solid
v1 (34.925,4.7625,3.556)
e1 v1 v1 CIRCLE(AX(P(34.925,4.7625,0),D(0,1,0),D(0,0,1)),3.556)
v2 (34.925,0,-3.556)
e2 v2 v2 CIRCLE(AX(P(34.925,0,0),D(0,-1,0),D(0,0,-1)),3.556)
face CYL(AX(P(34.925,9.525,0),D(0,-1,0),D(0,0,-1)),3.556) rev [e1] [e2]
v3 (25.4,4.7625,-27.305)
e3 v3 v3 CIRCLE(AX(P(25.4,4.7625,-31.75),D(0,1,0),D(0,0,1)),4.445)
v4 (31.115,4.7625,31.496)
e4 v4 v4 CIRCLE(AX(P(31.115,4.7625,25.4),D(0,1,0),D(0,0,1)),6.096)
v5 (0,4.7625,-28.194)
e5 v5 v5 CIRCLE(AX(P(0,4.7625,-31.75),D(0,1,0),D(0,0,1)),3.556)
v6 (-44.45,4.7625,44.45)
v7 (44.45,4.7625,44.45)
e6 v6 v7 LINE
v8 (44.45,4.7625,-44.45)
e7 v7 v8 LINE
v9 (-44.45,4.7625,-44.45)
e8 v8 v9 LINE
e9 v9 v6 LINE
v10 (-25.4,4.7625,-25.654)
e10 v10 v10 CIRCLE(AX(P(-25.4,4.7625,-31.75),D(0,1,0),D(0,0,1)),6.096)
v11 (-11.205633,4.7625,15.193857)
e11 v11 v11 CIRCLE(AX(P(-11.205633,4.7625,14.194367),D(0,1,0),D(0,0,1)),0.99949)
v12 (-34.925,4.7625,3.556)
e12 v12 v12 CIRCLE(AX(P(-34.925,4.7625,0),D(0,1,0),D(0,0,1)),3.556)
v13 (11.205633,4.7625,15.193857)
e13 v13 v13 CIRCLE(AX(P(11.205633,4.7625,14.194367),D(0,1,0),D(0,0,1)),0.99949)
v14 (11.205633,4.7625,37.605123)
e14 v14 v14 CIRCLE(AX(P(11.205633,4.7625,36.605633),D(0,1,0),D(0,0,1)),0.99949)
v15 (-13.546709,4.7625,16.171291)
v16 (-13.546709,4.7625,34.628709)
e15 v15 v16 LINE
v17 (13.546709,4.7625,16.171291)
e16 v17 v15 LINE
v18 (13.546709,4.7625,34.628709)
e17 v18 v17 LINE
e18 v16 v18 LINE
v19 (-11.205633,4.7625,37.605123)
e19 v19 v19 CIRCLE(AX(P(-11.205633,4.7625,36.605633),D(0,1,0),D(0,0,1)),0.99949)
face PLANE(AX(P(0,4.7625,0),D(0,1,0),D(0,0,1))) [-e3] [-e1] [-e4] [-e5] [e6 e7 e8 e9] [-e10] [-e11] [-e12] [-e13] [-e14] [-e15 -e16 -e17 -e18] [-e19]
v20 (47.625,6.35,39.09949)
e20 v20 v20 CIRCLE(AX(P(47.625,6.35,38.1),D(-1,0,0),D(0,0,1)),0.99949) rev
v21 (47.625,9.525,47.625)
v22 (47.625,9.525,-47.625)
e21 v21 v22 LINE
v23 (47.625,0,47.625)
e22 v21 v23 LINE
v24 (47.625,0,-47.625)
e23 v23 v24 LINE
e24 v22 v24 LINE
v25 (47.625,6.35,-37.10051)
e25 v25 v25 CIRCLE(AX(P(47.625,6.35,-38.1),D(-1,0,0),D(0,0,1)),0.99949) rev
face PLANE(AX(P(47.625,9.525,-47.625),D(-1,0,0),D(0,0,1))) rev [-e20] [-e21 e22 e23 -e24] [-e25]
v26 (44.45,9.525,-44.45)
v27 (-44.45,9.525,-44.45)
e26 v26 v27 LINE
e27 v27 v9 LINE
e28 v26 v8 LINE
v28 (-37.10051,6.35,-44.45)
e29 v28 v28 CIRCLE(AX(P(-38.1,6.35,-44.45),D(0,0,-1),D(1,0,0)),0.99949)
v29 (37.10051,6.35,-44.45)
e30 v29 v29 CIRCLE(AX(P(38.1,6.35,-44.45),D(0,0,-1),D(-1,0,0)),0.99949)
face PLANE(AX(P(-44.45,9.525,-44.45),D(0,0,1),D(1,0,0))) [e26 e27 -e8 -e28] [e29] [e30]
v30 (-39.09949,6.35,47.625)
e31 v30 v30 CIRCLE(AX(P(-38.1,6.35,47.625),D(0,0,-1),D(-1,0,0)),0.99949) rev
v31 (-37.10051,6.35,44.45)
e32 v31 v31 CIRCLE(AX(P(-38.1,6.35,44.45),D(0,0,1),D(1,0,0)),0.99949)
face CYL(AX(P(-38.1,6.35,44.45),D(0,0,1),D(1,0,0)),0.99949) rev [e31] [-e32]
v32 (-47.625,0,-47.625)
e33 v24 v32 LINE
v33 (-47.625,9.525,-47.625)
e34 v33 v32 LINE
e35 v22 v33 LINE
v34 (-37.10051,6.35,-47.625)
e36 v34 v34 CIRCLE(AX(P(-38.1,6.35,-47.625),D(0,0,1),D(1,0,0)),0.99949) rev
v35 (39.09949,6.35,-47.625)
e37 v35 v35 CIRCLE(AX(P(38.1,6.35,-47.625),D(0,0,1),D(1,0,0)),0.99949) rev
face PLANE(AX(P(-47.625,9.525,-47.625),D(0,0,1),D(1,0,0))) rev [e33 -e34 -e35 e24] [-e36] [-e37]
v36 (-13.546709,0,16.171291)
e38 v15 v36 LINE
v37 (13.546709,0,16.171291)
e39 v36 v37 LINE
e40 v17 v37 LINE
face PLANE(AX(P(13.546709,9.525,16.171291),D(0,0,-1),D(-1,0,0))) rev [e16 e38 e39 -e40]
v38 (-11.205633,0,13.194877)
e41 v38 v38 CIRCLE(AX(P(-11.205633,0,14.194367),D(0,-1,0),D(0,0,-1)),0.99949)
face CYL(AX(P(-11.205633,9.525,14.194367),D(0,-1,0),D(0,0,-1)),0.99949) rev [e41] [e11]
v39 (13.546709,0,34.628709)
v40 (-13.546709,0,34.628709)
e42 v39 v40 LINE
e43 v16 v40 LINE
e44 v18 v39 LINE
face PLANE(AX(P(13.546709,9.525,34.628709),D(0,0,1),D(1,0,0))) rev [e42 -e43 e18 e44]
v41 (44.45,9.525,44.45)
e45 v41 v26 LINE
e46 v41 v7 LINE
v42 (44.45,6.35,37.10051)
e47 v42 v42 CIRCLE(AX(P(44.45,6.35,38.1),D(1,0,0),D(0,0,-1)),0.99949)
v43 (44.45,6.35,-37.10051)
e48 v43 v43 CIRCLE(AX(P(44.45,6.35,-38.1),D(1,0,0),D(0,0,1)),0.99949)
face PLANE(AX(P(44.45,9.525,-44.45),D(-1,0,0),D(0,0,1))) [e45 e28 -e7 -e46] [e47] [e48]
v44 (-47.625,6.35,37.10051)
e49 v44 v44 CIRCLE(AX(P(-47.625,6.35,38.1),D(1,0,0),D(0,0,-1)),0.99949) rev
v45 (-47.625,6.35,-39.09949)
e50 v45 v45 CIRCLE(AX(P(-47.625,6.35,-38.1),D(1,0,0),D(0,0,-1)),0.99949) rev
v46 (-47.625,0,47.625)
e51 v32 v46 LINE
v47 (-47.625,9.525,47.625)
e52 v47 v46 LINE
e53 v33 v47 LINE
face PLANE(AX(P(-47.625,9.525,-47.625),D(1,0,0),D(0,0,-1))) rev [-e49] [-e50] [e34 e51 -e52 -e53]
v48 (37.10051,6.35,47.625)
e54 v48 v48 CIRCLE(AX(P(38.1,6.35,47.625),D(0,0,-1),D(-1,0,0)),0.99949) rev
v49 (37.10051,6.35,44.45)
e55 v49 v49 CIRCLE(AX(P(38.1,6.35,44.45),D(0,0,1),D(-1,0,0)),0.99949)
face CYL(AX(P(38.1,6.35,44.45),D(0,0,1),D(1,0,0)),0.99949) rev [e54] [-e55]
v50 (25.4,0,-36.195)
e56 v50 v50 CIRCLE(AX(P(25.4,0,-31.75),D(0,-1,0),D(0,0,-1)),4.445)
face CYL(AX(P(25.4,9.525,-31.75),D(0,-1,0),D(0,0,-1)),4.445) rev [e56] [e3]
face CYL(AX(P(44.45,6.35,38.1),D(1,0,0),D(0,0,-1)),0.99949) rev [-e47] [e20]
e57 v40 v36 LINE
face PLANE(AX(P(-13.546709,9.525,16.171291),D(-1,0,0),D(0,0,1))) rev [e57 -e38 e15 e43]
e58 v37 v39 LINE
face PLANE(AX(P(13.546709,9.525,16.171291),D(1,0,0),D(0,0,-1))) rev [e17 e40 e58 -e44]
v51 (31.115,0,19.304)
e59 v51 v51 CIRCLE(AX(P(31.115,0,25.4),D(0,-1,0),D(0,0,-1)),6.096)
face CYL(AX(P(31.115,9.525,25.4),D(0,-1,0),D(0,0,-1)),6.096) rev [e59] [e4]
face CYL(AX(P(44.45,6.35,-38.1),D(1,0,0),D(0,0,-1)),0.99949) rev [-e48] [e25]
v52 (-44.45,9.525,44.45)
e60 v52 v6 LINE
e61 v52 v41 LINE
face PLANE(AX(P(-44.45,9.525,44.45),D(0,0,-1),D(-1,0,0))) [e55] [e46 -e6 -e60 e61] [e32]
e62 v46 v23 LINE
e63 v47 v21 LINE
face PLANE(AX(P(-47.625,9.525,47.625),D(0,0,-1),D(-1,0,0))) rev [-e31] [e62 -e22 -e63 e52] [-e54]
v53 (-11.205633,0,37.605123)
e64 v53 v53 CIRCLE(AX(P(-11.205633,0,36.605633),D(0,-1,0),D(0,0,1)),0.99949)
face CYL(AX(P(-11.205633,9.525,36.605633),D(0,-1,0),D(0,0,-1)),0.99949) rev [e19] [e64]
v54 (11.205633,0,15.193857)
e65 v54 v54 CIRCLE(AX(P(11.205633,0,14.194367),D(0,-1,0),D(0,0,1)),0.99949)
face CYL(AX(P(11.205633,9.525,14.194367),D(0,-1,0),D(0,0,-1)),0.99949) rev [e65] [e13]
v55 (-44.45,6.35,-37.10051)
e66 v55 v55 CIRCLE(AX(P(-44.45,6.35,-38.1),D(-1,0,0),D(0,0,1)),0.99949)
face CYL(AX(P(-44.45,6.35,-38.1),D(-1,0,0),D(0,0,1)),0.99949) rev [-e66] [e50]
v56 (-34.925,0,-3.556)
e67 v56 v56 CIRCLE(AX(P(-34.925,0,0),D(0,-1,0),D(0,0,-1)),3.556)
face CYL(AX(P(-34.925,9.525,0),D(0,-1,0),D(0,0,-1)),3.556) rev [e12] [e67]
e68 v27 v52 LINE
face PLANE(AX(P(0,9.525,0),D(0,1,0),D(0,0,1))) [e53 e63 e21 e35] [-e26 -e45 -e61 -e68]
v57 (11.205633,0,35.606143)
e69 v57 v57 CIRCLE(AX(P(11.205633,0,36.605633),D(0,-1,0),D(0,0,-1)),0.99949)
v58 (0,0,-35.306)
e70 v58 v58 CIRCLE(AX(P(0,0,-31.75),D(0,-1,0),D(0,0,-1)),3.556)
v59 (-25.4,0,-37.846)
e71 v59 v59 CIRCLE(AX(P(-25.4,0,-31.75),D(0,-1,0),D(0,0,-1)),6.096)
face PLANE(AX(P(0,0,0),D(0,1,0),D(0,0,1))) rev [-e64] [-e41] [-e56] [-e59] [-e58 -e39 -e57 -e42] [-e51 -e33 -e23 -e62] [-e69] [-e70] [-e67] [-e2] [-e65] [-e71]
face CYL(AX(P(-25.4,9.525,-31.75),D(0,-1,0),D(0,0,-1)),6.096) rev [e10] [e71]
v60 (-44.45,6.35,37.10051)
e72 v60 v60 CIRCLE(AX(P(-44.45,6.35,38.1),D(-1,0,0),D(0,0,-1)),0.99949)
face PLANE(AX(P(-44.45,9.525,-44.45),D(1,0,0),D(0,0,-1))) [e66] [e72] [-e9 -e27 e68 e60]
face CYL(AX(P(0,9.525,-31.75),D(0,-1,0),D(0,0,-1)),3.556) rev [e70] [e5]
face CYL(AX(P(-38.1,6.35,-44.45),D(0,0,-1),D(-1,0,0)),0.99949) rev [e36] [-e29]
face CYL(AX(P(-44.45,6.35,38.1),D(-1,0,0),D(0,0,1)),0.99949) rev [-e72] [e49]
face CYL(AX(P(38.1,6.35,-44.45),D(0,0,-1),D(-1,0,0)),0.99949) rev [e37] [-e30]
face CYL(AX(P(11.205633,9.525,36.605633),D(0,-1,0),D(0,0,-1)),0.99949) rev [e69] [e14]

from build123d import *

# Parameters (mm, degrees)
SKETCH1_W           = 101.6
SKETCH1_H           = 101.6
BOSS_EXTRUDE1_DEPTH = 3.175
SKETCH2_W           = 101.6
SKETCH2_H           = 101.6
SKETCH2_W_2         = 88.9
SKETCH2_H_2         = 88.9
BOSS_EXTRUDE2_DEPTH = 6.35
SKETCH3_R           = 0.99949
CUT_EXTRUDE1_DEPTH  = 6.35
CIRPATTERN1_COUNT   = 4
SKETCH8_W           = 88.9
SKETCH8_H           = 88.9
BOSS_EXTRUDE3_DEPTH = 1.5875
SKETCH4_W           = 101.6
SKETCH4_H           = 101.6
SKETCH4_W_2         = 95.25
SKETCH4_H_2         = 95.25
CUT_EXTRUDE2_DEPTH  = 10.525
SKETCH6_R           = 3.556
SKETCH6_R_2         = 6.096
SKETCH6_R_3         = 4.445
INPUTS_DEPTH        = 10.525
SKETCH5_R           = 0.99949
SKETCH5_W           = 27.093418
SKETCH5_H           = 18.457418
SCREEN_DEPTH        = 10.525
SKETCH7_R           = 3.556
CUT_EXTRUDE5_DEPTH  = 10.525


with BuildPart() as part:
    # Sketch1 → Boss-Extrude1 (new body)
    with BuildSketch(Plane(origin=(0, 0, 0), x_dir=(1, 0, 0), z_dir=(0, 1, 0))):
        Rectangle(SKETCH1_W, SKETCH1_H)
    extrude(amount=BOSS_EXTRUDE1_DEPTH)

    # Sketch2 → Boss-Extrude2 (add)
    with BuildSketch(Plane(origin=(0, 3.175, 0), x_dir=(1, 0, 0), z_dir=(0, 1, 0))):
        Rectangle(SKETCH2_W, SKETCH2_H)
        Rectangle(SKETCH2_W_2, SKETCH2_H_2, mode=Mode.SUBTRACT)
    extrude(amount=BOSS_EXTRUDE2_DEPTH)

    # Sketch3 → Cut-Extrude1 (cut)
    with BuildSketch(Plane.XY.offset(50.8)):
        with Locations((-38.1, 6.35)):
            Circle(SKETCH3_R)
        with Locations((38.1, 6.35)):
            Circle(SKETCH3_R)
    cut_extrude1 = extrude(amount=-CUT_EXTRUDE1_DEPTH, mode=Mode.SUBTRACT)

    # CirPattern1: Cut-Extrude1 ×4 about axis
    cirpattern1_axis = Axis((0, 10.00125, 0), (0, -1, 0))
    for i in range(1, CIRPATTERN1_COUNT):
        add(cut_extrude1.rotate(cirpattern1_axis, i * 360 / CIRPATTERN1_COUNT), mode=Mode.SUBTRACT)

    # Sketch8 → Boss-Extrude3 (add)
    with BuildSketch(Plane(origin=(0, 3.175, 0), x_dir=(1, 0, 0), z_dir=(0, 1, 0))):
        Rectangle(SKETCH8_W, SKETCH8_H)
    extrude(amount=BOSS_EXTRUDE3_DEPTH)

    # Sketch4 → Cut-Extrude2 (cut, through all)
    with BuildSketch(Plane(origin=(0, 0, 0), x_dir=(1, 0, 0), z_dir=(0, 1, 0))):
        Rectangle(SKETCH4_W, SKETCH4_H)
        Rectangle(SKETCH4_W_2, SKETCH4_H_2, mode=Mode.SUBTRACT)
    extrude(amount=CUT_EXTRUDE2_DEPTH, mode=Mode.SUBTRACT)

    # Sketch6 → Inputs (cut, through all)
    with BuildSketch(Plane.XZ):
        with Locations((0, -31.75)):
            Circle(SKETCH6_R)
        with Locations((-25.4, -31.75)):
            Circle(SKETCH6_R_2)
        with Locations((25.4, -31.75)):
            Circle(SKETCH6_R_3)
        with Locations((31.115, 25.4)):
            Circle(SKETCH6_R_2)
    extrude(amount=-INPUTS_DEPTH, mode=Mode.SUBTRACT)

    # Sketch5 → Screen (cut, through all)
    with BuildSketch(Plane.XZ):
        with Locations((-11.205633292, 14.194366708)):
            Circle(SKETCH5_R)
        with Locations((11.205633292, 14.194366708)):
            Circle(SKETCH5_R)
        with Locations((11.205633292, 36.605633292)):
            Circle(SKETCH5_R)
        with Locations((-11.205633292, 36.605633292)):
            Circle(SKETCH5_R)
        with Locations((0, 25.4)):
            Rectangle(SKETCH5_W, SKETCH5_H)
    extrude(amount=-SCREEN_DEPTH, mode=Mode.SUBTRACT)

    # Sketch7 → Cut-Extrude5 (cut, through all)
    with BuildSketch(Plane.XZ):
        with Locations((-34.925, 0)):
            Circle(SKETCH7_R)
        with Locations((34.925, 0)):
            Circle(SKETCH7_R)
    extrude(amount=-CUT_EXTRUDE5_DEPTH, mode=Mode.SUBTRACT)


solid = part.part
